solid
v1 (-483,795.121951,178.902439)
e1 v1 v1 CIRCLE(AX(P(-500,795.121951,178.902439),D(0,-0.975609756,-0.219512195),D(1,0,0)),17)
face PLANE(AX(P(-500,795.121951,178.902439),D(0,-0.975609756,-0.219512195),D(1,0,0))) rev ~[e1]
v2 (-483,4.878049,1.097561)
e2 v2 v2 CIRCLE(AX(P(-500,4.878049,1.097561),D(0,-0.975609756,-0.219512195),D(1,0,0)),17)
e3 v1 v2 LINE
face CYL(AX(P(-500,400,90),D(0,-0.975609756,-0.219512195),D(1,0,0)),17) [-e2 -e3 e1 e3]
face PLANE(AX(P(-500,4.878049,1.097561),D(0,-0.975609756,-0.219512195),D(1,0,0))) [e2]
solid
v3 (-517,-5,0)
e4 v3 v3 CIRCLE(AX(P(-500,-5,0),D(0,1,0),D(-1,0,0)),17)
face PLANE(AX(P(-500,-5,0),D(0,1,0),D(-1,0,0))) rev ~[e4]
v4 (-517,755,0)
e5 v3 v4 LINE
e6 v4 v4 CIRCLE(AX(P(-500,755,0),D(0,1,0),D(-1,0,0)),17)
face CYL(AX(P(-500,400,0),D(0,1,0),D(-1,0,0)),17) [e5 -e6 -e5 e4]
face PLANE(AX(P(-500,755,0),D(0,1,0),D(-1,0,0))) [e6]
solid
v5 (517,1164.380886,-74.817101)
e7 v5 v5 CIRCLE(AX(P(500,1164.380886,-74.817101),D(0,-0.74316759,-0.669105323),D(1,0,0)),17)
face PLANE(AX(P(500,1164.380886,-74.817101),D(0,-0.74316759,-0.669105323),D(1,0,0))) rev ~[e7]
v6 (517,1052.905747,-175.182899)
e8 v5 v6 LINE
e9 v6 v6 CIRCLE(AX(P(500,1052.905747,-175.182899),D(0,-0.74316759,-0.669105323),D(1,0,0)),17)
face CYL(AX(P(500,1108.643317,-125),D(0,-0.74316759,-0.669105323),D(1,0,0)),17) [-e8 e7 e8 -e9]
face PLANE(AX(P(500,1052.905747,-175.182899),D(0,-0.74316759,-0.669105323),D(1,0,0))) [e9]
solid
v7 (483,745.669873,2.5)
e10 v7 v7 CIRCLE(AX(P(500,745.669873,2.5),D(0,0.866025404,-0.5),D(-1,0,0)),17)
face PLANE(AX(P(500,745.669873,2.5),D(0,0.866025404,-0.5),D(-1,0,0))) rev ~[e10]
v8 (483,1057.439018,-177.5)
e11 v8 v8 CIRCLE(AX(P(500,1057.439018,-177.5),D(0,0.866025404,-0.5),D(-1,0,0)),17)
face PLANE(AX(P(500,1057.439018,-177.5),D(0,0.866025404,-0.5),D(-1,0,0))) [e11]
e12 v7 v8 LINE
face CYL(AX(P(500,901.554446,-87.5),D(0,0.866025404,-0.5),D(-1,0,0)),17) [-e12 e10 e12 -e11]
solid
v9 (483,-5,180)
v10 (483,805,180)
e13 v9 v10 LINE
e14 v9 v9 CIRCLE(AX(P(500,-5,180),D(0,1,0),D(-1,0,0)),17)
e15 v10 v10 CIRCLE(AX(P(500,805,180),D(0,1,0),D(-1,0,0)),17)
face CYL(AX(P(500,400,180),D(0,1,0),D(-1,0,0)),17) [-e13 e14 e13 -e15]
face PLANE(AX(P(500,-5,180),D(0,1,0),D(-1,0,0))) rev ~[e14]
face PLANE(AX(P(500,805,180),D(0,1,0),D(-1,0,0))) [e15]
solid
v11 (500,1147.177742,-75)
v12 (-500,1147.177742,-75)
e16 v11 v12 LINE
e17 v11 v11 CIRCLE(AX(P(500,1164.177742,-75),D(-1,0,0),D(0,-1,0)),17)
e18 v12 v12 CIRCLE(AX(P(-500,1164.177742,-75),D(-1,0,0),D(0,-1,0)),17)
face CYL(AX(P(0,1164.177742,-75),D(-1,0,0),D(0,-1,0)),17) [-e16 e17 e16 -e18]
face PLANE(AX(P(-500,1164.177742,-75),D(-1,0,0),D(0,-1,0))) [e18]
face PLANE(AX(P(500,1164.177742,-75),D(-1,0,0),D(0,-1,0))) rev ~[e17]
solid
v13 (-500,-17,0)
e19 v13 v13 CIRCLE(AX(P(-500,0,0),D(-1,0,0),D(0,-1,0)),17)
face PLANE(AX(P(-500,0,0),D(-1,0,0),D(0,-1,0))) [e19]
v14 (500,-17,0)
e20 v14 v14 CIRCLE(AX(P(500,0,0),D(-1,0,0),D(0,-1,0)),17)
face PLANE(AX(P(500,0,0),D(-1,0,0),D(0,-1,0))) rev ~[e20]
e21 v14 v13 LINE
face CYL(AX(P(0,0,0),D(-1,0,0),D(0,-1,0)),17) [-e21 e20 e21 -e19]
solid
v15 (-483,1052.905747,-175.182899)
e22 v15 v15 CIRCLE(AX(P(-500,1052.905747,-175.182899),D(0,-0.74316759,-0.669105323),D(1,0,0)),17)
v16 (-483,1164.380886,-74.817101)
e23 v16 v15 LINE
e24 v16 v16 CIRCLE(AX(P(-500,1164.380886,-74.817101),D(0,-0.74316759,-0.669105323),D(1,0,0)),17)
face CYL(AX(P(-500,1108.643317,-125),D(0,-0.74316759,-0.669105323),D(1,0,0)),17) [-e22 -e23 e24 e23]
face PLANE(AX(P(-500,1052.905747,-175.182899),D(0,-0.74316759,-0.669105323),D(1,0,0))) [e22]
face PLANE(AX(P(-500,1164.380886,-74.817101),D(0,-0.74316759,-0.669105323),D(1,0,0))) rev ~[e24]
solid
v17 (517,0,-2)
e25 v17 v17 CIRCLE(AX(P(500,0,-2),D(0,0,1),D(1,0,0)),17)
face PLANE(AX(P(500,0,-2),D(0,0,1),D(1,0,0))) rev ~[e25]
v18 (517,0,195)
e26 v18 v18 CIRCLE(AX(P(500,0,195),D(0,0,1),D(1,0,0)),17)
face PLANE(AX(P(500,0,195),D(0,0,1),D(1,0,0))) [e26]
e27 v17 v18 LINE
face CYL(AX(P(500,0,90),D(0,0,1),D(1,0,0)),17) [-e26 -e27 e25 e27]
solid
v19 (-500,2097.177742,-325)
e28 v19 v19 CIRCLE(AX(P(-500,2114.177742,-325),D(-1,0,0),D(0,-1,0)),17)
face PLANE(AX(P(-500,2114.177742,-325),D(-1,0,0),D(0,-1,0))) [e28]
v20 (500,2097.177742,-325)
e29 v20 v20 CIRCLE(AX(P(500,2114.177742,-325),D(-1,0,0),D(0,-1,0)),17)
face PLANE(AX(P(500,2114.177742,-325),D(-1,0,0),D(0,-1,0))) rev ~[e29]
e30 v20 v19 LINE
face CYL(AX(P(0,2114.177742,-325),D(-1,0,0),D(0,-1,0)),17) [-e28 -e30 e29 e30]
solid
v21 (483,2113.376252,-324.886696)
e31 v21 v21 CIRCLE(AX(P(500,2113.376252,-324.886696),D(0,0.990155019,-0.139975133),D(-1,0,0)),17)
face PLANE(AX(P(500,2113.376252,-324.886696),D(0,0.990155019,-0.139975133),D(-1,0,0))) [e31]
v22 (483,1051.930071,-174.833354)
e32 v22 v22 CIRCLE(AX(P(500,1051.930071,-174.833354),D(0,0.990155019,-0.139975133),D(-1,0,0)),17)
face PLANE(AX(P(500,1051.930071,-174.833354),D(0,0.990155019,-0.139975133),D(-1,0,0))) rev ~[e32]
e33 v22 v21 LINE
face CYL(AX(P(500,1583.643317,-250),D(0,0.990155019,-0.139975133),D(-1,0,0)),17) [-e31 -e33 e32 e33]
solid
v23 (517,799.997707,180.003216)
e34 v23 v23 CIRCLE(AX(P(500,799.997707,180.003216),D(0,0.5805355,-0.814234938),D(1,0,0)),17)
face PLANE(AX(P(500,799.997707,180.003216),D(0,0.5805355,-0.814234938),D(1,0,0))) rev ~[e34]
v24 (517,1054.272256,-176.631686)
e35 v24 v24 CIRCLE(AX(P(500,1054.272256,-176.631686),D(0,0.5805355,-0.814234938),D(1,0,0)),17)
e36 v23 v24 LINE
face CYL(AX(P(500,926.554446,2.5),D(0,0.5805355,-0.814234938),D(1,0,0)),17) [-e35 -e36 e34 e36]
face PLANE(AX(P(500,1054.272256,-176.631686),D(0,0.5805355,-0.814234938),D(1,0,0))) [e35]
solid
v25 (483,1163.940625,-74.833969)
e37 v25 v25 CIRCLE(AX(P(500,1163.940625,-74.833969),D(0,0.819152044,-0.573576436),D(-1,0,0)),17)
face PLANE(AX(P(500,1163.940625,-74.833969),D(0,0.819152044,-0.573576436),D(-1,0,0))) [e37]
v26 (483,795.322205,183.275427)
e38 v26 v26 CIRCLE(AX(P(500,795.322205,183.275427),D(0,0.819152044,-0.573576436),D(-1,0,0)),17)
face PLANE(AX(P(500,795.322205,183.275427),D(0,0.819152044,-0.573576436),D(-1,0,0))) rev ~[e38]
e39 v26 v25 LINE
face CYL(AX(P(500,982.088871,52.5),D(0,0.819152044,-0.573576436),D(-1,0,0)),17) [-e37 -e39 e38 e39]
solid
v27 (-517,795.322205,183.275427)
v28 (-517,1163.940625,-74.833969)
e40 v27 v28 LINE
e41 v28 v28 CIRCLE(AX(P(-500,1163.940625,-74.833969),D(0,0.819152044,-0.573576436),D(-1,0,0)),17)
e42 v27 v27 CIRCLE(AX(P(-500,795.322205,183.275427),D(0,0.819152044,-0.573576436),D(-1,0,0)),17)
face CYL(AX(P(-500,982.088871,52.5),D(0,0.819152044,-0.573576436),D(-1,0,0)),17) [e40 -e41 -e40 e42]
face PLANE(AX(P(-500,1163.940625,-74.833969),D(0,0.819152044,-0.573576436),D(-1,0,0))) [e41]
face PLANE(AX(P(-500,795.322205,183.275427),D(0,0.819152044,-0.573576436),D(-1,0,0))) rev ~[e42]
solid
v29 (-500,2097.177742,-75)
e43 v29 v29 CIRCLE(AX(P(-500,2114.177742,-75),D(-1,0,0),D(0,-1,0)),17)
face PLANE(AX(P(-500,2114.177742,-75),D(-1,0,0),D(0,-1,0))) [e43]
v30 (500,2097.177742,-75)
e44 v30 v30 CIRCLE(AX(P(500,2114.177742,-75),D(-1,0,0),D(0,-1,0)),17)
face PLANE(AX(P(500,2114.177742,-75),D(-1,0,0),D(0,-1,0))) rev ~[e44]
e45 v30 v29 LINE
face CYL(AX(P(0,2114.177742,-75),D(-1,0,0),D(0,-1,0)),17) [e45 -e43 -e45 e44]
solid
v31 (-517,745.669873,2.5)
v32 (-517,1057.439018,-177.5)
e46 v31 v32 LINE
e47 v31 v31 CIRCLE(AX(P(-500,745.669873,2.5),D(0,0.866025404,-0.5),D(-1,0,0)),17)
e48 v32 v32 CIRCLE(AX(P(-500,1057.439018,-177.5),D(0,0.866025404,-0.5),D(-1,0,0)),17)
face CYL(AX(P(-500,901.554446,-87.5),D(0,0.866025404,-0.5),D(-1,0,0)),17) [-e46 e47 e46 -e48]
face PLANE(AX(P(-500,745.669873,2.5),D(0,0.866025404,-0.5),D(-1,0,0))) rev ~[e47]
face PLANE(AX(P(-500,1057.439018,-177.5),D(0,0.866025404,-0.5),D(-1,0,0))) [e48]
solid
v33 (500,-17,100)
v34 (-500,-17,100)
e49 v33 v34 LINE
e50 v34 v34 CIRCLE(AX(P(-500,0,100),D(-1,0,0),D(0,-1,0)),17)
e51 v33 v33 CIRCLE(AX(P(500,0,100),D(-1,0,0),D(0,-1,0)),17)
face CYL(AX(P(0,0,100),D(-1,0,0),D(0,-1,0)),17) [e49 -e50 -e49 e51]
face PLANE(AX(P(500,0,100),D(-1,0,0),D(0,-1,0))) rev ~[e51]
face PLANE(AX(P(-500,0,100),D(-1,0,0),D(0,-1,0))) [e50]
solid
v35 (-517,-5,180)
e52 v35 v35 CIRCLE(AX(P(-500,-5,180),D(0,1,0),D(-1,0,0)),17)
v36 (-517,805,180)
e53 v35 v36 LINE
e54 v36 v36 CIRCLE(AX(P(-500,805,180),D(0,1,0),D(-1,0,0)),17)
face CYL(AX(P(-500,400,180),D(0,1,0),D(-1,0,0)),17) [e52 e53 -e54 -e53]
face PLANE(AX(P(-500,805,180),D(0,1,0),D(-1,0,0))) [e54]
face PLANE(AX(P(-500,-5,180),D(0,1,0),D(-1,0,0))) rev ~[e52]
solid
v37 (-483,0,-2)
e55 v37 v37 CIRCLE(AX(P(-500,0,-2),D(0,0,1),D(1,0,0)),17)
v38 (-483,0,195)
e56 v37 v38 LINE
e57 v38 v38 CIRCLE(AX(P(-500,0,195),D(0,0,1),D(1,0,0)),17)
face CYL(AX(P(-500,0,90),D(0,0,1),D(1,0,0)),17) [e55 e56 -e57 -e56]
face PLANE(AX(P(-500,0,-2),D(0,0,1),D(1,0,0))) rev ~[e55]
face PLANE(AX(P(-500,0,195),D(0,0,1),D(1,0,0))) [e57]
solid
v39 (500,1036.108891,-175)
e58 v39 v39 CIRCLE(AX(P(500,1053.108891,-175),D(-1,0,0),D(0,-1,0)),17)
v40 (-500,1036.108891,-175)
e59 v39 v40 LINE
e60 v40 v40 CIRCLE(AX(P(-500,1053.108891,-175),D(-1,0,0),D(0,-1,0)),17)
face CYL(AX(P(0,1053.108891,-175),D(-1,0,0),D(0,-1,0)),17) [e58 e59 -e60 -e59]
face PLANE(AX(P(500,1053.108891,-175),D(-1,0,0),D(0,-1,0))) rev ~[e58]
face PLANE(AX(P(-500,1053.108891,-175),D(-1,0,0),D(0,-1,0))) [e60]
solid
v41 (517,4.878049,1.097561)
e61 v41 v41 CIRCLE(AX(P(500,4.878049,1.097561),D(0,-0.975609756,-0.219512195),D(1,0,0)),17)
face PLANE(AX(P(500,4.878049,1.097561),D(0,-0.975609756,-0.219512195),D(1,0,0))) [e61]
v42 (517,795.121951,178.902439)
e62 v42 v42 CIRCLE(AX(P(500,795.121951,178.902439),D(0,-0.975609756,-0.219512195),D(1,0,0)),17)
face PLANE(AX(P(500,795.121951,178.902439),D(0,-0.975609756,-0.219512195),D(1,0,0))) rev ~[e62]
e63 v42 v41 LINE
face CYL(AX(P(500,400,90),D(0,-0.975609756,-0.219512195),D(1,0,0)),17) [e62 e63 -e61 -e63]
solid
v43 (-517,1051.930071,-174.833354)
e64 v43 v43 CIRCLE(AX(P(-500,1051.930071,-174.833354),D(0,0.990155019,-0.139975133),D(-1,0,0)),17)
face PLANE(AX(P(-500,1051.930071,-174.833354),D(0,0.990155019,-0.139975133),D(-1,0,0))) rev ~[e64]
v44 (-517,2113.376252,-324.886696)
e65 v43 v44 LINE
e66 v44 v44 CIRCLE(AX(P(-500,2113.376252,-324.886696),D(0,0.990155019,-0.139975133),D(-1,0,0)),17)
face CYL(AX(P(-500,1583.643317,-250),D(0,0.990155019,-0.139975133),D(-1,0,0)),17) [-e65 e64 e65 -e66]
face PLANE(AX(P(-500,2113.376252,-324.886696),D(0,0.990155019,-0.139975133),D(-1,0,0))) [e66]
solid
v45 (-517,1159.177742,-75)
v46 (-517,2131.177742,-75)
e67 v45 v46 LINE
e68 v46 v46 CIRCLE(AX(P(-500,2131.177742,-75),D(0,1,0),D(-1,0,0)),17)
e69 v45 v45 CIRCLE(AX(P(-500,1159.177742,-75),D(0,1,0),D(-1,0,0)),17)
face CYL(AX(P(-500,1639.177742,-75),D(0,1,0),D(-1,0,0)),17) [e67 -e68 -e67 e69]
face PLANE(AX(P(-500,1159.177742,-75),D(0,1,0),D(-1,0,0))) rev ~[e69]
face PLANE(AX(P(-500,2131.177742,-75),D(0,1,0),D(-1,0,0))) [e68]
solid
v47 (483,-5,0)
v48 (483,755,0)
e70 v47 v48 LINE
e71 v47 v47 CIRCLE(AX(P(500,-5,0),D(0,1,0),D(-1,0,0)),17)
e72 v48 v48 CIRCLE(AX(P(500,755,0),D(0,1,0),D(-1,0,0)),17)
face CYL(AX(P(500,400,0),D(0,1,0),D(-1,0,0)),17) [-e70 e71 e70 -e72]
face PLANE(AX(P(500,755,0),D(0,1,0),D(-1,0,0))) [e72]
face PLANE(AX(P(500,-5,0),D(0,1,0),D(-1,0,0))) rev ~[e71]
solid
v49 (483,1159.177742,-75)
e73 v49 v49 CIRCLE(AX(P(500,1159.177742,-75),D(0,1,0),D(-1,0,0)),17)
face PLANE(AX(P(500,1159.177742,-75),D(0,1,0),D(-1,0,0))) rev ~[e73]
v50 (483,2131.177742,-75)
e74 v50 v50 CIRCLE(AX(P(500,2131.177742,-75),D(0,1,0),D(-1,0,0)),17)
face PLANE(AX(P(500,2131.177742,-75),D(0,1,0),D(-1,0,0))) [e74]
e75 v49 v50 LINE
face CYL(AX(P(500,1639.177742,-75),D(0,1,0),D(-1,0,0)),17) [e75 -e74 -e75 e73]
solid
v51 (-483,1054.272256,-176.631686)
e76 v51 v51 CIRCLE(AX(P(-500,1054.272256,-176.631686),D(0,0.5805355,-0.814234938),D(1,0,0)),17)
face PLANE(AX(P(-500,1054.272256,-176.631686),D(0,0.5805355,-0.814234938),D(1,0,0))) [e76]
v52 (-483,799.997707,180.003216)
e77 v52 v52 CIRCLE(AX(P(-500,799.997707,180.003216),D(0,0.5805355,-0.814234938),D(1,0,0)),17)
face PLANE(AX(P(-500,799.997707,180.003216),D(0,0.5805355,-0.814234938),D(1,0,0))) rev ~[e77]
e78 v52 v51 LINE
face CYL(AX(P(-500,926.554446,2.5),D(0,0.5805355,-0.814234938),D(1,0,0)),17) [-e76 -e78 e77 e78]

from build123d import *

# Parameters (mm, degrees)
F13_R          = 17
F14_DEPTH      = 405
F14_DEPTH_BACK = 405
F15_DEPTH      = 355
F15_DEPTH_BACK = 405
F17_R          = 17
F18_DEPTH      = 222
F18_DEPTH_BACK = 228
F20_R          = 17
F21_DEPTH      = 180
F21_DEPTH_BACK = 180
F24_R          = 17
F25_DEPTH      = 500
F25_DEPTH_BACK = 500
F27_R          = 17
F28_DEPTH      = 105
F28_DEPTH_BACK = 92
F30_R          = 17
F31_DEPTH      = 405
F31_DEPTH_BACK = 405
F33_R          = 17
F34_DEPTH      = 220
F34_DEPTH_BACK = 218
F36_R          = 17
F37_DEPTH      = 75
F37_DEPTH_BACK = 75
F38_R          = 17
F39_DEPTH      = 492
F39_DEPTH_BACK = 480
F41_R          = 17
F42_DEPTH      = 535
F42_DEPTH_BACK = 537


with BuildPart() as f14:
    # F13 (on line) → F14 (new body, two sides)
    with BuildSketch(Plane(origin=(0, 400, 0), x_dir=(-1, 0, 0), z_dir=(0, 1, 0))) as f14_sk:
        with Locations((-500, 180)):
            Circle(F13_R)
    extrude(amount=F14_DEPTH)
    extrude(f14_sk.sketch, amount=-F14_DEPTH_BACK)


with BuildPart() as f14b:
    # F13 (on line) → F14, piece 2 (new body, two sides)
    with BuildSketch(Plane(origin=(0, 400, 0), x_dir=(-1, 0, 0), z_dir=(0, 1, 0))) as f14_2_sk:
        with Locations((500, 180)):
            Circle(F13_R)
    extrude(amount=F14_DEPTH)
    extrude(f14_2_sk.sketch, amount=-F14_DEPTH_BACK)


with BuildPart() as f15:
    # F13 (on line) → F15 (new body, two sides)
    with BuildSketch(Plane(origin=(0, 400, 0), x_dir=(-1, 0, 0), z_dir=(0, 1, 0))) as f15_sk:
        with Locations((-500, 0)):
            Circle(F13_R)
    extrude(amount=F15_DEPTH)
    extrude(f15_sk.sketch, amount=-F15_DEPTH_BACK)


with BuildPart() as f15b:
    # F13 (on line) → F15, piece 2 (new body, two sides)
    with BuildSketch(Plane(origin=(0, 400, 0), x_dir=(-1, 0, 0), z_dir=(0, 1, 0))) as f15_2_sk:
        with Locations((500, 0)):
            Circle(F13_R)
    extrude(amount=F15_DEPTH)
    extrude(f15_2_sk.sketch, amount=-F15_DEPTH_BACK)


with BuildPart() as f18:
    # F17 (on line) → F18 (new body, two sides)
    with BuildSketch(Plane(origin=(0, 634.3245923192, -444.1588612137), x_dir=(-1, 0, 0), z_dir=(0, 0.8191520443, -0.5735764364))) as f18_sk:
        with Locations((-500, 606.3085170529)):
            Circle(F17_R)
    extrude(amount=F18_DEPTH)
    extrude(f18_sk.sketch, amount=-F18_DEPTH_BACK)


with BuildPart() as f18b:
    # F17 (on line) → F18, piece 2 (new body, two sides)
    with BuildSketch(Plane(origin=(0, 634.3245923192, -444.1588612137), x_dir=(-1, 0, 0), z_dir=(0, 0.8191520443, -0.5735764364))) as f18_2_sk:
        with Locations((500, 606.3085170529)):
            Circle(F17_R)
    extrude(amount=F18_DEPTH)
    extrude(f18_2_sk.sketch, amount=-F18_DEPTH_BACK)


with BuildPart() as f21:
    # F20 (on line) → F21 (new body, two sides)
    with BuildSketch(Plane(origin=(0, 714.0544456623, -412.2595264192), x_dir=(-1, 0, 0), z_dir=(0, 0.8660254038, -0.5))) as f21_sk:
        with Locations((-500, 375)):
            Circle(F20_R)
    extrude(amount=F21_DEPTH)
    extrude(f21_sk.sketch, amount=-F21_DEPTH_BACK)


with BuildPart() as f21b:
    # F20 (on line) → F21, piece 2 (new body, two sides)
    with BuildSketch(Plane(origin=(0, 714.0544456623, -412.2595264192), x_dir=(-1, 0, 0), z_dir=(0, 0.8660254038, -0.5))) as f21_2_sk:
        with Locations((500, 375)):
            Circle(F20_R)
    extrude(amount=F21_DEPTH)
    extrude(f21_2_sk.sketch, amount=-F21_DEPTH_BACK)


with BuildPart() as f25:
    # F24 (on line) → F25 (new body, two sides)
    with BuildSketch(Plane(origin=(0, 0, 0), x_dir=(0, -1, 0), z_dir=(-1, 0, 0))) as f25_sk:
        with Locations((-1053.1088913246, -175)):
            Circle(F24_R)
    extrude(amount=F25_DEPTH)
    extrude(f25_sk.sketch, amount=-F25_DEPTH_BACK)


with BuildPart() as f25b:
    # F24 (on line) → F25, piece 2 (new body, two sides)
    with BuildSketch(Plane(origin=(0, 0, 0), x_dir=(0, -1, 0), z_dir=(-1, 0, 0))) as f25_2_sk:
        with Locations((-1164.1777417192, -75)):
            Circle(F24_R)
    extrude(amount=F25_DEPTH)
    extrude(f25_2_sk.sketch, amount=-F25_DEPTH_BACK)


with BuildPart() as f25c:
    # F24 (on line) → F25, piece 3 (new body, two sides)
    with BuildSketch(Plane(origin=(0, 0, 0), x_dir=(0, -1, 0), z_dir=(-1, 0, 0))) as f25_3_sk:
        with Locations((0, 100)):
            Circle(F24_R)
    extrude(amount=F25_DEPTH)
    extrude(f25_3_sk.sketch, amount=-F25_DEPTH_BACK)


with BuildPart() as f25d:
    # F24 (on line) → F25, piece 4 (new body, two sides)
    with BuildSketch(Plane(origin=(0, 0, 0), x_dir=(0, -1, 0), z_dir=(-1, 0, 0))) as f25_4_sk:
        Circle(F24_R)
    extrude(amount=F25_DEPTH)
    extrude(f25_4_sk.sketch, amount=-F25_DEPTH_BACK)


with BuildPart() as f25e:
    # F24 (on line) → F25, piece 5 (new body, two sides)
    with BuildSketch(Plane(origin=(0, 0, 0), x_dir=(0, -1, 0), z_dir=(-1, 0, 0))) as f25_5_sk:
        with Locations((-2114.1777417192, -75)):
            Circle(F24_R)
    extrude(amount=F25_DEPTH)
    extrude(f25_5_sk.sketch, amount=-F25_DEPTH_BACK)


with BuildPart() as f25f:
    # F24 (on line) → F25, piece 6 (new body, two sides)
    with BuildSketch(Plane(origin=(0, 0, 0), x_dir=(0, -1, 0), z_dir=(-1, 0, 0))) as f25_6_sk:
        with Locations((-2114.1777417192, -325)):
            Circle(F24_R)
    extrude(amount=F25_DEPTH)
    extrude(f25_6_sk.sketch, amount=-F25_DEPTH_BACK)


with BuildPart() as f28:
    # F27 (on line) → F28 (new body, two sides)
    with BuildSketch(Plane.XY.offset(90)) as f28_sk:
        with Locations((-500, 0)):
            Circle(F27_R)
    extrude(amount=F28_DEPTH)
    extrude(f28_sk.sketch, amount=-F28_DEPTH_BACK)


with BuildPart() as f28b:
    # F27 (on line) → F28, piece 2 (new body, two sides)
    with BuildSketch(Plane.XY.offset(90)) as f28_2_sk:
        with Locations((500, 0)):
            Circle(F27_R)
    extrude(amount=F28_DEPTH)
    extrude(f28_2_sk.sketch, amount=-F28_DEPTH_BACK)


with BuildPart() as f31:
    # F30 (on line) → F31 (new body, two sides)
    with BuildSketch(Plane(origin=(0, 400, 90), x_dir=(1, 0, 0), z_dir=(0, -0.9756097561, -0.2195121951))) as f31_sk:
        with Locations((-500, 0)):
            Circle(F30_R)
    extrude(amount=F31_DEPTH)
    extrude(f31_sk.sketch, amount=-F31_DEPTH_BACK)


with BuildPart() as f31b:
    # F30 (on line) → F31, piece 2 (new body, two sides)
    with BuildSketch(Plane(origin=(0, 400, 90), x_dir=(1, 0, 0), z_dir=(0, -0.9756097561, -0.2195121951))) as f31_2_sk:
        with Locations((500, 0)):
            Circle(F30_R)
    extrude(amount=F31_DEPTH)
    extrude(f31_2_sk.sketch, amount=-F31_DEPTH_BACK)


with BuildPart() as f34:
    # F33 (on line) → F34 (new body, two sides)
    with BuildSketch(Plane(origin=(0, 311.0870071452, -436.3176929843), x_dir=(1, 0, 0), z_dir=(0, 0.5805354996, -0.8142349377))) as f34_sk:
        with Locations((-500, -755.8843400619)):
            Circle(F33_R)
    extrude(amount=F34_DEPTH)
    extrude(f34_sk.sketch, amount=-F34_DEPTH_BACK)


with BuildPart() as f34b:
    # F33 (on line) → F34, piece 2 (new body, two sides)
    with BuildSketch(Plane(origin=(0, 311.0870071452, -436.3176929843), x_dir=(1, 0, 0), z_dir=(0, 0.5805354996, -0.8142349377))) as f34_2_sk:
        with Locations((500, -755.8843400619)):
            Circle(F33_R)
    extrude(amount=F34_DEPTH)
    extrude(f34_2_sk.sketch, amount=-F34_DEPTH_BACK)


with BuildPart() as f37:
    # F36 (on line) → F37 (new body, two sides)
    with BuildSketch(Plane(origin=(0, 550.1443868086, 495.3183406992), x_dir=(1, 0, 0), z_dir=(0, -0.74316759, -0.6691053229))) as f37_sk:
        with Locations((-500, -834.6950930122)):
            Circle(F36_R)
    extrude(amount=F37_DEPTH)
    extrude(f37_sk.sketch, amount=-F37_DEPTH_BACK)


with BuildPart() as f37b:
    # F36 (on line) → F37, piece 2 (new body, two sides)
    with BuildSketch(Plane(origin=(0, 550.1443868086, 495.3183406992), x_dir=(1, 0, 0), z_dir=(0, -0.74316759, -0.6691053229))) as f37_2_sk:
        with Locations((500, -834.6950930122)):
            Circle(F36_R)
    extrude(amount=F37_DEPTH)
    extrude(f37_2_sk.sketch, amount=-F37_DEPTH_BACK)


with BuildPart() as f39:
    # F38 (on line) → F39 (new body, two sides)
    with BuildSketch(Plane(origin=(0, 1639.1777417192, 0), x_dir=(-1, 0, 0), z_dir=(0, 1, 0))) as f39_sk:
        with Locations((-500, -75)):
            Circle(F38_R)
    extrude(amount=F39_DEPTH)
    extrude(f39_sk.sketch, amount=-F39_DEPTH_BACK)


with BuildPart() as f39b:
    # F38 (on line) → F39, piece 2 (new body, two sides)
    with BuildSketch(Plane(origin=(0, 1639.1777417192, 0), x_dir=(-1, 0, 0), z_dir=(0, 1, 0))) as f39_2_sk:
        with Locations((500, -75)):
            Circle(F38_R)
    extrude(amount=F39_DEPTH)
    extrude(f39_2_sk.sketch, amount=-F39_DEPTH_BACK)


with BuildPart() as f42:
    # F41 (on line) → F42 (new body, two sides)
    with BuildSketch(Plane(origin=(0, 1587.2642033001, -224.3865988587), x_dir=(-1, 0, 0), z_dir=(0, 0.9901550193, -0.1399751325))) as f42_sk:
        with Locations((-500, -25.8680718084)):
            Circle(F41_R)
    extrude(amount=F42_DEPTH)
    extrude(f42_sk.sketch, amount=-F42_DEPTH_BACK)


with BuildPart() as f42b:
    # F41 (on line) → F42, piece 2 (new body, two sides)
    with BuildSketch(Plane(origin=(0, 1587.2642033001, -224.3865988587), x_dir=(-1, 0, 0), z_dir=(0, 0.9901550193, -0.1399751325))) as f42_2_sk:
        with Locations((500, -25.8680718084)):
            Circle(F41_R)
    extrude(amount=F42_DEPTH)
    extrude(f42_2_sk.sketch, amount=-F42_DEPTH_BACK)


solid = Compound([f14.part, f14b.part, f15.part, f15b.part, f18.part, f18b.part, f21.part, f21b.part, f25.part, f25b.part, f25c.part, f25d.part, f25e.part, f25f.part, f28.part, f28b.part, f31.part, f31b.part, f34.part, f34b.part, f37.part, f37b.part, f39.part, f39b.part, f42.part, f42b.part])
